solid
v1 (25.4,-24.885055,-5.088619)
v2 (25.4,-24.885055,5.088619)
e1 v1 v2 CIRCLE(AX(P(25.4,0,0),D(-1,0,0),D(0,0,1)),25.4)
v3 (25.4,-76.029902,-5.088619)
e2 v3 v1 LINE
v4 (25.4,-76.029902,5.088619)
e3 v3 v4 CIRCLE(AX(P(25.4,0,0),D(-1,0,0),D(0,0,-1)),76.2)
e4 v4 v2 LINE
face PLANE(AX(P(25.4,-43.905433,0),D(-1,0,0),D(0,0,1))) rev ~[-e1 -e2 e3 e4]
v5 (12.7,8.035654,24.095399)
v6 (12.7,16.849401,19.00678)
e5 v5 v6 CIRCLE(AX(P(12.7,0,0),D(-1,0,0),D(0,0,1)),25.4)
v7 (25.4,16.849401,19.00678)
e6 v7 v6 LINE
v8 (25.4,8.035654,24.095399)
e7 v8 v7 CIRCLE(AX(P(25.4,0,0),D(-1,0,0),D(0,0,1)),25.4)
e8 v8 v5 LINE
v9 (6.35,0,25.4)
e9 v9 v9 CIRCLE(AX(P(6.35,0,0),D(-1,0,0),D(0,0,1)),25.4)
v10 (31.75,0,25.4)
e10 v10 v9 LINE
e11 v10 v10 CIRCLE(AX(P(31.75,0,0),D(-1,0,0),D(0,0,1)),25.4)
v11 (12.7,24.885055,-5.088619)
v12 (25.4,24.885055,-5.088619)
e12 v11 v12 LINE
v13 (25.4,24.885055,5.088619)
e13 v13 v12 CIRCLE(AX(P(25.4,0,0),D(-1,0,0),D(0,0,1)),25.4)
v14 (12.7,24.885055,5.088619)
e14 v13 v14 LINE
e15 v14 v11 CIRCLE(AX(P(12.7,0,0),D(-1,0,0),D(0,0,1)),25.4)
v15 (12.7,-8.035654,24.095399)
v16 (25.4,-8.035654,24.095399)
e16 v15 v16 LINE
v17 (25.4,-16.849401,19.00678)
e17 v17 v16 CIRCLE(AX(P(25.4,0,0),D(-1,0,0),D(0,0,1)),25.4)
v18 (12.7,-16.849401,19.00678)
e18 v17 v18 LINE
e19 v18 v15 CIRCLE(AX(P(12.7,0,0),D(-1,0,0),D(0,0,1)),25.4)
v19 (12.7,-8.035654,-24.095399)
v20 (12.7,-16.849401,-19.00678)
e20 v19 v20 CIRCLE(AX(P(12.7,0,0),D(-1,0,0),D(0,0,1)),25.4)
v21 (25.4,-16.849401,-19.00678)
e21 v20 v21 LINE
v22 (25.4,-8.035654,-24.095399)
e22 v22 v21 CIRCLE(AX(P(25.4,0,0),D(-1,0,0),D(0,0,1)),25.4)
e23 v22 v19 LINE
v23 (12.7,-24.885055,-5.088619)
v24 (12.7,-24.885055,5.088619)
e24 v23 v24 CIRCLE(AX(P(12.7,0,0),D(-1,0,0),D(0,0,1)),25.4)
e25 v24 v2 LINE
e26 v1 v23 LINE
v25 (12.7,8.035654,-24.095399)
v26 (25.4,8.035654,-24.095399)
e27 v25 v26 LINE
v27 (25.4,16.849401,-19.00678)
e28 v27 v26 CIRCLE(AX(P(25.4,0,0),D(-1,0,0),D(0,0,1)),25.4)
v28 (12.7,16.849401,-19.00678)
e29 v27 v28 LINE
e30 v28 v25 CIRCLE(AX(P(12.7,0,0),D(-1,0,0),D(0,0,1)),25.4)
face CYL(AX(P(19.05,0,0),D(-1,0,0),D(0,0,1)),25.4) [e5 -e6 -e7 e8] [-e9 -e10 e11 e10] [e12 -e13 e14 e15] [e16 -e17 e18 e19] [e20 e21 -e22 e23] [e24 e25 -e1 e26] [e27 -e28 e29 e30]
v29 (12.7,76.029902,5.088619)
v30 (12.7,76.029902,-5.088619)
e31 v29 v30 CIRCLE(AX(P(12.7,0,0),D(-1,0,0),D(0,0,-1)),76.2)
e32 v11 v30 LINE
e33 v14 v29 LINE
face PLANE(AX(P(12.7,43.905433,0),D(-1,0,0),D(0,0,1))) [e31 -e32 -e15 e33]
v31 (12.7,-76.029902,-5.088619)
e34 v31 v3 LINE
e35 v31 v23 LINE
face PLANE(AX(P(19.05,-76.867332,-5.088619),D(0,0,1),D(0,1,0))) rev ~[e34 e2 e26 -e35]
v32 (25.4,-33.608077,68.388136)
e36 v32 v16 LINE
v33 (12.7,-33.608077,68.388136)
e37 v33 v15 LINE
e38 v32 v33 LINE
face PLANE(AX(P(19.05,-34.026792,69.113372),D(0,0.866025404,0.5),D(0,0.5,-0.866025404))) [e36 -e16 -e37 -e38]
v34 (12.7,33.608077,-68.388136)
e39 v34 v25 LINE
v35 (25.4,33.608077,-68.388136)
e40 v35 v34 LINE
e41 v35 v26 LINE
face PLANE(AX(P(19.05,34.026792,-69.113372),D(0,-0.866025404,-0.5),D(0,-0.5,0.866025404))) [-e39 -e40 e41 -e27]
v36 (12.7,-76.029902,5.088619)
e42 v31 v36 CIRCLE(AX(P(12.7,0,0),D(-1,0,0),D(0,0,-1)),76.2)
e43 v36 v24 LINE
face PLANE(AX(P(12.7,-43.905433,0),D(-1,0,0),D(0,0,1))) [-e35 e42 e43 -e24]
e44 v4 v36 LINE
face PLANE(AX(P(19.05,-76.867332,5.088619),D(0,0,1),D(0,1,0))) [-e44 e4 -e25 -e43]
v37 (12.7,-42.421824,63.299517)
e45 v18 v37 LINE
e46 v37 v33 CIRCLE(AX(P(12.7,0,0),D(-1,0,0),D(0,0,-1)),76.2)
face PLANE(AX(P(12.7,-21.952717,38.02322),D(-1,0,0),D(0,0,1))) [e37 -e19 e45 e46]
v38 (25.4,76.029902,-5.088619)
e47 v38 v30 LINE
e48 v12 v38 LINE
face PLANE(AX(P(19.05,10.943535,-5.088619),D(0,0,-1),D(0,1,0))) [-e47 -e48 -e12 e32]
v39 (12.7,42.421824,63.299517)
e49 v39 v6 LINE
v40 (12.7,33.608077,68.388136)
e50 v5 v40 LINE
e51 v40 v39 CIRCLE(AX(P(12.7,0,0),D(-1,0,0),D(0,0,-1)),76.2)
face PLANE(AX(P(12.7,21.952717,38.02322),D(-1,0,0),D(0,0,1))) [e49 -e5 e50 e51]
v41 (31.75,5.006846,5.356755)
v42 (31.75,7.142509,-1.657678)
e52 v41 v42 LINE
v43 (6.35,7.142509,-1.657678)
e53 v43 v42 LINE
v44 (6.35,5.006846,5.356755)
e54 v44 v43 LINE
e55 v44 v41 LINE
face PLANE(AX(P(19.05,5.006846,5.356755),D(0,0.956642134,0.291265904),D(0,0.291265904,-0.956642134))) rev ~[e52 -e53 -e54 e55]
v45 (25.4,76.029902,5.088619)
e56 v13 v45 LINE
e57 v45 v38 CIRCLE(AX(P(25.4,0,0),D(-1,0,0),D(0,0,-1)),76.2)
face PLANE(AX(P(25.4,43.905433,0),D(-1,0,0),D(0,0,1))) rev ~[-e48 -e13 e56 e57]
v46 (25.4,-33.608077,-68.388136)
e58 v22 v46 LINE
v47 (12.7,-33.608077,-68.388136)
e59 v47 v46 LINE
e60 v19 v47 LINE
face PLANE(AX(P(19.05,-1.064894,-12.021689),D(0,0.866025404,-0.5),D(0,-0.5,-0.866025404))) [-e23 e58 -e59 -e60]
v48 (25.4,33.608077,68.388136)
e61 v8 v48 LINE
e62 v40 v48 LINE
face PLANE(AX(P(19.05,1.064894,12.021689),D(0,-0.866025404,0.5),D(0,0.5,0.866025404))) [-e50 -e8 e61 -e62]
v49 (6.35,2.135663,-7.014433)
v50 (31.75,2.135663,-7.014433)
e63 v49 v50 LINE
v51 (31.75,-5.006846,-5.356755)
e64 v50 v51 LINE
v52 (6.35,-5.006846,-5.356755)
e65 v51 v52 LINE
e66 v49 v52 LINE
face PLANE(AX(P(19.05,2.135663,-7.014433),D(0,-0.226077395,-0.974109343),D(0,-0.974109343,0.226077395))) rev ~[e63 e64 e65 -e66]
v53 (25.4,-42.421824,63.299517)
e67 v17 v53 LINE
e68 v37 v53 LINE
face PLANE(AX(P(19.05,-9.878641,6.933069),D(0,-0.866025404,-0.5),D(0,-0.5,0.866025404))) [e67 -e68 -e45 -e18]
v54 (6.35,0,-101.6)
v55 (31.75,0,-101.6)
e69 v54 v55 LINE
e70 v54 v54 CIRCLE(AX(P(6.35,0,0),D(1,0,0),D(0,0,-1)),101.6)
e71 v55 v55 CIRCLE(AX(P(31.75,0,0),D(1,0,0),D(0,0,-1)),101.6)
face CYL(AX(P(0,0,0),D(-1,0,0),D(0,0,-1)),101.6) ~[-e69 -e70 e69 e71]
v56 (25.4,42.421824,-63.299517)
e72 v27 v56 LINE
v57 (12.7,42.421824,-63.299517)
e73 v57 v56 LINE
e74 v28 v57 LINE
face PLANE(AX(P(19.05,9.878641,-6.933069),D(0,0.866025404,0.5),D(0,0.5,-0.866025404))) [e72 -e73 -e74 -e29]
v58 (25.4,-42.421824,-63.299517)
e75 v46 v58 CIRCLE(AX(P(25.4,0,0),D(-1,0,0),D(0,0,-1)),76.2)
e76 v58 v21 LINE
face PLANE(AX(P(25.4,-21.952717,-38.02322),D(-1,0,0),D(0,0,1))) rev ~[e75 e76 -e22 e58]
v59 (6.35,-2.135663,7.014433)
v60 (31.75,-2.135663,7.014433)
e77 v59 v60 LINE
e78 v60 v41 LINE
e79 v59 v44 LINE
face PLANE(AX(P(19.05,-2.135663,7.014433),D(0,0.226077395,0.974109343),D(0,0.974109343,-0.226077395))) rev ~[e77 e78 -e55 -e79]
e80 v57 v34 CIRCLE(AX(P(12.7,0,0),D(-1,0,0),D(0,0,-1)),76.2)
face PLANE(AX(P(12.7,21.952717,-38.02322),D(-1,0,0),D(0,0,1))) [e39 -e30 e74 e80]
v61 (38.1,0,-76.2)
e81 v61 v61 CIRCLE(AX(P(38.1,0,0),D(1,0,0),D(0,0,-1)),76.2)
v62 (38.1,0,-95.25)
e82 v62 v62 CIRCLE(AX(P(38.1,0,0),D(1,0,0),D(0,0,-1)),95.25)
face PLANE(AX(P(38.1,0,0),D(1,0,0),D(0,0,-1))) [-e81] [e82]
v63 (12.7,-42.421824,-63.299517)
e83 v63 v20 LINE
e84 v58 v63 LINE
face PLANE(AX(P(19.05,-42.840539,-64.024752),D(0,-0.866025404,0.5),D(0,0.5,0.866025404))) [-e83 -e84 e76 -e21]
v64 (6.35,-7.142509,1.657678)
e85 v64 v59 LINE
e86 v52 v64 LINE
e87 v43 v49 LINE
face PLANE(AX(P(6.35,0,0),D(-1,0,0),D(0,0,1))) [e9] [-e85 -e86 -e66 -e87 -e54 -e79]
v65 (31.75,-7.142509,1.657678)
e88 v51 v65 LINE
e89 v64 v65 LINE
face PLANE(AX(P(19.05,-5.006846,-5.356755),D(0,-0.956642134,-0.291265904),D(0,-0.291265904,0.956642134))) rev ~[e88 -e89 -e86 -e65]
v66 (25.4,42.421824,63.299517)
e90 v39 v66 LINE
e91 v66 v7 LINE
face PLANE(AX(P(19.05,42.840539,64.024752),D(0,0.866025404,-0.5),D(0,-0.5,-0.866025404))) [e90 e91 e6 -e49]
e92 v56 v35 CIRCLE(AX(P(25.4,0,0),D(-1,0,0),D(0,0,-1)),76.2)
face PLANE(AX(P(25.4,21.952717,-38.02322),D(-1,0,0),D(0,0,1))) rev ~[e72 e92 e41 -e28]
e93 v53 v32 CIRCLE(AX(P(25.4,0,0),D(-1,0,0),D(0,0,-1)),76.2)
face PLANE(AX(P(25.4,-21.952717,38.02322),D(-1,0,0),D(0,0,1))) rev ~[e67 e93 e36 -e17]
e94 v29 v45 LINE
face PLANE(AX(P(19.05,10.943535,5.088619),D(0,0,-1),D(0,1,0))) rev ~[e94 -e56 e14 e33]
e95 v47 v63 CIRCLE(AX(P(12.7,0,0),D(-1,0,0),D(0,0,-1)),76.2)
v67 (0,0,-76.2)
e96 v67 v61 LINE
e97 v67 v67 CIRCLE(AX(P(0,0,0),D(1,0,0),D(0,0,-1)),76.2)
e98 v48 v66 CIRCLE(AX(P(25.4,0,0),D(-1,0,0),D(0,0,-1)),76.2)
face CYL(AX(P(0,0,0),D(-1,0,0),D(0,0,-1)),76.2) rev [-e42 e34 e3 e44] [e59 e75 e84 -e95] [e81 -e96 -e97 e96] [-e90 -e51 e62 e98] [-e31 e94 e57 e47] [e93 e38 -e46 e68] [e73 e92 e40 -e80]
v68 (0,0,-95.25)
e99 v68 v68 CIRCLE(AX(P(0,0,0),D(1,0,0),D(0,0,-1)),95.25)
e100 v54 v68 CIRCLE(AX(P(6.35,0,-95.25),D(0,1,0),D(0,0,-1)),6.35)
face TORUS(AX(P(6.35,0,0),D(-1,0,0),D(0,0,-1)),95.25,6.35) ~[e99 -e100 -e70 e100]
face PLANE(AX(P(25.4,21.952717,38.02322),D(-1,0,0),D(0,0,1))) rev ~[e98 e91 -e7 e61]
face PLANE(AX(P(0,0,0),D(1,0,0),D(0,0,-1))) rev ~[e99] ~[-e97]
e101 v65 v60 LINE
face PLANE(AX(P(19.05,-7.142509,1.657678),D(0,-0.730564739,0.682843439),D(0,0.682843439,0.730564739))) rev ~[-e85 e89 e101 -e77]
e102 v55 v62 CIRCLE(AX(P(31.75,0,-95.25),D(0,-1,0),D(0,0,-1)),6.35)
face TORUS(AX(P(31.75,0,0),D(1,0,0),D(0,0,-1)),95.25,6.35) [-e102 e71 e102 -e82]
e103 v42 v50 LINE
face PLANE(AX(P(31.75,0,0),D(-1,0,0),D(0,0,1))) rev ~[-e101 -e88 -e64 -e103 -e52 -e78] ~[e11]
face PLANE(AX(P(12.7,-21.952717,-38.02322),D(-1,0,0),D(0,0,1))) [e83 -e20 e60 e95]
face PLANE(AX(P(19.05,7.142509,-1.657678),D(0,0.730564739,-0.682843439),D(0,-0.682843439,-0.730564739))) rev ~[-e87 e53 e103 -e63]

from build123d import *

# Parameters (mm, degrees)
SKETCH1_R                = 101.6
SKETCH1_R_2              = 76.2
BOSS_EXTRUDE1_DEPTH      = 38.1
FILLET1_R                = 6.35
SKETCH2_R                = 25.4
BOSS_EXTRUDE2_DEPTH      = 12.7
BOSS_EXTRUDE2_DEPTH_BACK = 12.7
SKETCH3_W                = 10.17723869
SKETCH3_H                = 65.923797021
BOSS_EXTRUDE3_DEPTH      = 6.35
BOSS_EXTRUDE3_DEPTH_BACK = 6.35


with BuildPart() as part:
    # Sketch1 → Boss-Extrude1 (new body)
    with BuildSketch(Plane(origin=(0, 0, 0), x_dir=(0, 0, -1), z_dir=(1, 0, 0))):
        Circle(SKETCH1_R)
        Circle(SKETCH1_R_2, mode=Mode.SUBTRACT)
    extrude(amount=BOSS_EXTRUDE1_DEPTH)

    # Fillet1
    fillet1_edges = [part.edges().sort_by_distance(p)[0] for p in [
        (0, 0, 101.6),
        (38.1, 0, 101.6),
    ]]
    fillet(fillet1_edges, radius=FILLET1_R)



with BuildPart() as body_2:
    # Sketch2 → Boss-Extrude2 (new body, two sides)
    with BuildSketch(Plane.ZY.offset(-19.05)) as boss_extrude2_sk:
        Circle(SKETCH2_R)
        Polygon((-5.356755209, -5.00684601), (1.657678233, -7.142509098), (7.014433442, -2.135663088), (5.356755209, 5.00684601), (-1.657678233, 7.142509098), (-7.014433442, 2.135663088), align=None, mode=Mode.SUBTRACT)
    extrude(amount=BOSS_EXTRUDE2_DEPTH)
    extrude(boss_extrude2_sk.sketch, amount=-BOSS_EXTRUDE2_DEPTH_BACK)


with BuildPart() as part_1:
    add(part.part)

    add(body_2.part)  # Boss-Extrude3 merges body 2
    # Sketch3 → Boss-Extrude3 (add, two sides)
    with BuildSketch(Plane.ZY.offset(-19.05)) as boss_extrude3_sk:
        Polygon((6.933069311, 9.87864093), (12.021688656, 1.064893684), (69.11337159, 34.026792195), (64.024752245, 42.840539441), align=None)
        with Locations((0, 43.905433126)):
            Rectangle(SKETCH3_W, SKETCH3_H)
        Polygon((12.021688656, -1.064893684), (6.933069311, -9.87864093), (64.024752245, -42.840539441), (69.11337159, -34.026792195), align=None)
        with Locations((0, -43.905433126)):
            Rectangle(SKETCH3_W, SKETCH3_H)
        Polygon((-6.933069311, -9.87864093), (-12.021688656, -1.064893684), (-69.11337159, -34.026792195), (-64.024752245, -42.840539441), align=None)
        Polygon((-12.021688656, 1.064893684), (-6.933069311, 9.87864093), (-64.024752245, 42.840539441), (-69.11337159, 34.026792195), align=None)
    extrude(amount=BOSS_EXTRUDE3_DEPTH)
    extrude(boss_extrude3_sk.sketch, amount=-BOSS_EXTRUDE3_DEPTH_BACK)


solid = part_1.part
